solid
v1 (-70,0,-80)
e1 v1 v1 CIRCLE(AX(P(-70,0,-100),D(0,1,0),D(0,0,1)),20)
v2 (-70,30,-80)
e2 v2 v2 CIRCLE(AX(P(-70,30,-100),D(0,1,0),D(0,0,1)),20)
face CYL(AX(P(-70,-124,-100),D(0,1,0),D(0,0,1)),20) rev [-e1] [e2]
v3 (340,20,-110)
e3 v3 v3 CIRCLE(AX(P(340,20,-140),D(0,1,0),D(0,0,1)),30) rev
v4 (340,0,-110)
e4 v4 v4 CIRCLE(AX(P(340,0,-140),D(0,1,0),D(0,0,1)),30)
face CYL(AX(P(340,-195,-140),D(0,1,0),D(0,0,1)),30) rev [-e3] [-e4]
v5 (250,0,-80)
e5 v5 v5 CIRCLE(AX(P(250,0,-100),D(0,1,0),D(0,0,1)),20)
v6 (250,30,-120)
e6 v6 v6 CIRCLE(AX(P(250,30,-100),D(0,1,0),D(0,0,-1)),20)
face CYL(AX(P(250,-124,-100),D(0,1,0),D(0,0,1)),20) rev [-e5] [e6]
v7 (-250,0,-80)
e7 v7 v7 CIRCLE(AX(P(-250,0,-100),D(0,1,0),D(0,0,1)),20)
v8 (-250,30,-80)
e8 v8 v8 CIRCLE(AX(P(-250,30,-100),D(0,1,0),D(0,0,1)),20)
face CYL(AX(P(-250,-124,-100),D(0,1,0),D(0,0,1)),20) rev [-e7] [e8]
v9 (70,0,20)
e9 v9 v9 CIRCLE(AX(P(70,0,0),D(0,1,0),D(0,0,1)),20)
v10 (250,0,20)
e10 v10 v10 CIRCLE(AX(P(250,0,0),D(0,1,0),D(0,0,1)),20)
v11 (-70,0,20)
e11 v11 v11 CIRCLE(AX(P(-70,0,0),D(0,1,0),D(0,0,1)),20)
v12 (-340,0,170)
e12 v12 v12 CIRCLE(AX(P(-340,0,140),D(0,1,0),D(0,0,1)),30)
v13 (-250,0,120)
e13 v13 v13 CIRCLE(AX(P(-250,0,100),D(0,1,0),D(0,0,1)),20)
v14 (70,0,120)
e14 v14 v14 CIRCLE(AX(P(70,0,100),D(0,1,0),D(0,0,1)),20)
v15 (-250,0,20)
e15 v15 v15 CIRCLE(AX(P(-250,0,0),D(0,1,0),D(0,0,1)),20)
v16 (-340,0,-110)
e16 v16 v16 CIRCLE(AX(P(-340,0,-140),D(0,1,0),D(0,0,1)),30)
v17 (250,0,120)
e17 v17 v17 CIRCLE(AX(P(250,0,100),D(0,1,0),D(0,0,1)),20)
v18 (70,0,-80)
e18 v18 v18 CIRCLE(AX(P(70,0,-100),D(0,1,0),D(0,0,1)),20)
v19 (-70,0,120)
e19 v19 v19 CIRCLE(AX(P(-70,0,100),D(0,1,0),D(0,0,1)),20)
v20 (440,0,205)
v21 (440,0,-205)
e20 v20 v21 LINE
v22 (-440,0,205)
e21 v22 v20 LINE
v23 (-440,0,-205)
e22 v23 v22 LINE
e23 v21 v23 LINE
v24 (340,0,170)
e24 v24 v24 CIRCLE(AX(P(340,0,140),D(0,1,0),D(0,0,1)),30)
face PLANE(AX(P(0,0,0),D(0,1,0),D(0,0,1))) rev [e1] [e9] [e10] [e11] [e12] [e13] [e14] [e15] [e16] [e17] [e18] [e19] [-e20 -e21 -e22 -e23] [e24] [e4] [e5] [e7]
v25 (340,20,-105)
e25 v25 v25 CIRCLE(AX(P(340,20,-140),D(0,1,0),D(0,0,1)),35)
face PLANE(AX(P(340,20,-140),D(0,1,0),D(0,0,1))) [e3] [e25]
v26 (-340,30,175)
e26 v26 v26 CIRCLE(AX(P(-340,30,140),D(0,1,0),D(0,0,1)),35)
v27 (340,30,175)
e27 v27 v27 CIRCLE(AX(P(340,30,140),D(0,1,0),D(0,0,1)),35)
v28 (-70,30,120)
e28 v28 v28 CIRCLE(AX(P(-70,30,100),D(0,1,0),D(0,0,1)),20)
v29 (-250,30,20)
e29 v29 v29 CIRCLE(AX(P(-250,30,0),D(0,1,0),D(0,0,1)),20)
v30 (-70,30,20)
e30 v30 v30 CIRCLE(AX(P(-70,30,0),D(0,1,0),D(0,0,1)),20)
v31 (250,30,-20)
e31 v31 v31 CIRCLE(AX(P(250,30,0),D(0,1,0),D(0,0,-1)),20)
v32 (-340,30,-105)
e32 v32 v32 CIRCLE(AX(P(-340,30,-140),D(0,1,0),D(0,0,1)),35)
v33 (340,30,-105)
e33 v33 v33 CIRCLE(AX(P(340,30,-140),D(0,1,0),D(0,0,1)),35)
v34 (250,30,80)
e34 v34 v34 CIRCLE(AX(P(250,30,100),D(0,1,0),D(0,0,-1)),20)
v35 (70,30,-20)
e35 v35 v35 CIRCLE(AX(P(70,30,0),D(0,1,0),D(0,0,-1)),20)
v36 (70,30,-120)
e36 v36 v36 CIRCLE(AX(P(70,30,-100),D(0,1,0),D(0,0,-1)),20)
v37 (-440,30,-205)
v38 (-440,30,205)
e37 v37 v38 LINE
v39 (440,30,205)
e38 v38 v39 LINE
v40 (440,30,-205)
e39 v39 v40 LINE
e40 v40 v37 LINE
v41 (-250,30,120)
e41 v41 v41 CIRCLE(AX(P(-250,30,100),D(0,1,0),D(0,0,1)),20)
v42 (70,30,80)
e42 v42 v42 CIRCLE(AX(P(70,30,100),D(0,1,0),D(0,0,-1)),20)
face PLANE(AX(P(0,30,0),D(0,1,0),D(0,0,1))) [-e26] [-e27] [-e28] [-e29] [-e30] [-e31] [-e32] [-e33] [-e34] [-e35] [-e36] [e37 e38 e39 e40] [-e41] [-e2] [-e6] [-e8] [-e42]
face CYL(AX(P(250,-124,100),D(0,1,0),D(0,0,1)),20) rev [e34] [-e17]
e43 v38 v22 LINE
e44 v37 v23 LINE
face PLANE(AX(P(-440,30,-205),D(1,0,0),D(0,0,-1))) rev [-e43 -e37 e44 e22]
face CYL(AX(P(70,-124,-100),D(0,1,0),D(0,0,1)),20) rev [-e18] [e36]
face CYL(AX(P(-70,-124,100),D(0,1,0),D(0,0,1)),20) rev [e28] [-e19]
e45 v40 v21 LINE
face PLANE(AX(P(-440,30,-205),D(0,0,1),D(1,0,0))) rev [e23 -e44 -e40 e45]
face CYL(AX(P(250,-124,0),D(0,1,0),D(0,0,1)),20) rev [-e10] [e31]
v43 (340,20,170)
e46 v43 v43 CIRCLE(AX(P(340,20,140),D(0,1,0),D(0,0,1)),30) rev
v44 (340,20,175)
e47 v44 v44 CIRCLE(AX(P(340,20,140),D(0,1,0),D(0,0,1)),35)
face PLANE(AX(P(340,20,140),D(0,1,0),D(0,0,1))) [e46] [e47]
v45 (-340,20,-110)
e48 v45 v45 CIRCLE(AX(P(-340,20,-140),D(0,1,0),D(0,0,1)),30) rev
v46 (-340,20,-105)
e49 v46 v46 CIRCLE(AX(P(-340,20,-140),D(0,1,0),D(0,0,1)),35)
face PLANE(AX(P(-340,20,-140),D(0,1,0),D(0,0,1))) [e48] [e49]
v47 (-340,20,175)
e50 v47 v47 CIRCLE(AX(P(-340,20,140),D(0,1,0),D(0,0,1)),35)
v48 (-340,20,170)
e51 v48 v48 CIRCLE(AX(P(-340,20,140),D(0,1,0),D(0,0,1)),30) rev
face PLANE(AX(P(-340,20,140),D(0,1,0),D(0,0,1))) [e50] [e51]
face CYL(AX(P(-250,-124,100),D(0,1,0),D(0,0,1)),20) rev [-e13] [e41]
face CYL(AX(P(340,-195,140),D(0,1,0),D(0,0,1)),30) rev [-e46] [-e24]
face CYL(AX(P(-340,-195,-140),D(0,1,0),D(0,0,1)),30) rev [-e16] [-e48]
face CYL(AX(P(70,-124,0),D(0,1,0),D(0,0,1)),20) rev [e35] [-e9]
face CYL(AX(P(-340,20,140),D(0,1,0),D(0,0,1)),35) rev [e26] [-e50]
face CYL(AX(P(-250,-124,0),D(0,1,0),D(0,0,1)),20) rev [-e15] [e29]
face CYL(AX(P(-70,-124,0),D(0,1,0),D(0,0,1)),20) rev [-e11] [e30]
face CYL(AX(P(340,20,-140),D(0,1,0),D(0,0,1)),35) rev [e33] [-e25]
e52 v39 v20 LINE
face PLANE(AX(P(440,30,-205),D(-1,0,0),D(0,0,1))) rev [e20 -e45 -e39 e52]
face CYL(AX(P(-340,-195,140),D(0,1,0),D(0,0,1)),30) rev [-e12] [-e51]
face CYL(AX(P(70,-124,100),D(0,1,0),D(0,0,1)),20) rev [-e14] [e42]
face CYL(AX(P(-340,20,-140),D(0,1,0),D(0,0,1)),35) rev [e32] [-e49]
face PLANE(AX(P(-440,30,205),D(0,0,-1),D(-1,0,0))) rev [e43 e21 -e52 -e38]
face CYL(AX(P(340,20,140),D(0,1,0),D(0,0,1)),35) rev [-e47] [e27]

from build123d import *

# Parameters (mm, degrees)
SKETCH1_W           = 880
SKETCH1_H           = 410
BOSS_EXTRUDE1_DEPTH = 30
SKETCH2_R           = 30
CUT_EXTRUDE1_DEPTH  = 225
SKETCH3_R           = 35
CUT_EXTRUDE2_DEPTH  = 10
SKETCH4_R           = 20
CUT_EXTRUDE3_DEPTH  = 154


with BuildPart() as part:
    # Sketch1 → Boss-Extrude1 (new body)
    with BuildSketch(Plane(origin=(0, 0, 0), x_dir=(1, 0, 0), z_dir=(0, 1, 0))):
        Rectangle(SKETCH1_W, SKETCH1_H)
    extrude(amount=BOSS_EXTRUDE1_DEPTH)

    # Sketch2 → Cut-Extrude1 (cut)
    with BuildSketch(Plane(origin=(0, 30, 0), x_dir=(1, 0, 0), z_dir=(0, 1, 0))):
        with Locations(Location((-340, 140, 0), (0, 0, 270))):
            Circle(SKETCH2_R)
        with Locations(Location((340, 140, 0), (0, 0, 270))):
            Circle(SKETCH2_R)
        with Locations(Location((340, -140, 0), (0, 0, 270))):
            Circle(SKETCH2_R)
        with Locations(Location((-340, -140, 0), (0, 0, 270))):
            Circle(SKETCH2_R)
    extrude(amount=-CUT_EXTRUDE1_DEPTH, mode=Mode.SUBTRACT)

    # Sketch3 → Cut-Extrude2 (cut)
    with BuildSketch(Plane(origin=(0, 30, 0), x_dir=(1, 0, 0), z_dir=(0, 1, 0))):
        with Locations(Location((-340, 140, 0), (0, 0, 270))):
            Circle(SKETCH3_R)
        with Locations((-340, -540)):
            Circle(SKETCH3_R)
        with Locations((-340, -820)):
            Circle(SKETCH3_R)
        with Locations(Location((-340, -140, 0), (0, 0, 270))):
            Circle(SKETCH3_R)
        with Locations(Location((340, 140, 0), (0, 0, 270))):
            Circle(SKETCH3_R)
        with Locations(Location((340, -140, 0), (0, 0, 270))):
            Circle(SKETCH3_R)
    extrude(amount=-CUT_EXTRUDE2_DEPTH, mode=Mode.SUBTRACT)

    # Sketch4 → Cut-Extrude3 (cut)
    with BuildSketch(Plane(origin=(0, 30, 0), x_dir=(1, 0, 0), z_dir=(0, 1, 0))):
        with Locations(Location((-250, 0, 0), (0, 0, 270))):
            Circle(SKETCH4_R)
        with Locations(Location((-70, 0, 0), (0, 0, 270))):
            Circle(SKETCH4_R)
        with Locations(Location((-250, 100, 0), (0, 0, 270))):
            Circle(SKETCH4_R)
        with Locations(Location((-250, -100, 0), (0, 0, 270))):
            Circle(SKETCH4_R)
        with Locations(Location((-70, 100, 0), (0, 0, 270))):
            Circle(SKETCH4_R)
        with Locations(Location((-70, -100, 0), (0, 0, 270))):
            Circle(SKETCH4_R)
        with Locations(Location((70, -100, 0), (0, 0, 270))):
            Circle(SKETCH4_R)
        with Locations(Location((70, 100, 0), (0, 0, 270))):
            Circle(SKETCH4_R)
        with Locations(Location((250, -100, 0), (0, 0, 270))):
            Circle(SKETCH4_R)
        with Locations(Location((250, 100, 0), (0, 0, 270))):
            Circle(SKETCH4_R)
        with Locations(Location((70, 0, 0), (0, 0, 270))):
            Circle(SKETCH4_R)
        with Locations(Location((250, 0, 0), (0, 0, 270))):
            Circle(SKETCH4_R)
    extrude(amount=-CUT_EXTRUDE3_DEPTH, mode=Mode.SUBTRACT)


solid = part.part
